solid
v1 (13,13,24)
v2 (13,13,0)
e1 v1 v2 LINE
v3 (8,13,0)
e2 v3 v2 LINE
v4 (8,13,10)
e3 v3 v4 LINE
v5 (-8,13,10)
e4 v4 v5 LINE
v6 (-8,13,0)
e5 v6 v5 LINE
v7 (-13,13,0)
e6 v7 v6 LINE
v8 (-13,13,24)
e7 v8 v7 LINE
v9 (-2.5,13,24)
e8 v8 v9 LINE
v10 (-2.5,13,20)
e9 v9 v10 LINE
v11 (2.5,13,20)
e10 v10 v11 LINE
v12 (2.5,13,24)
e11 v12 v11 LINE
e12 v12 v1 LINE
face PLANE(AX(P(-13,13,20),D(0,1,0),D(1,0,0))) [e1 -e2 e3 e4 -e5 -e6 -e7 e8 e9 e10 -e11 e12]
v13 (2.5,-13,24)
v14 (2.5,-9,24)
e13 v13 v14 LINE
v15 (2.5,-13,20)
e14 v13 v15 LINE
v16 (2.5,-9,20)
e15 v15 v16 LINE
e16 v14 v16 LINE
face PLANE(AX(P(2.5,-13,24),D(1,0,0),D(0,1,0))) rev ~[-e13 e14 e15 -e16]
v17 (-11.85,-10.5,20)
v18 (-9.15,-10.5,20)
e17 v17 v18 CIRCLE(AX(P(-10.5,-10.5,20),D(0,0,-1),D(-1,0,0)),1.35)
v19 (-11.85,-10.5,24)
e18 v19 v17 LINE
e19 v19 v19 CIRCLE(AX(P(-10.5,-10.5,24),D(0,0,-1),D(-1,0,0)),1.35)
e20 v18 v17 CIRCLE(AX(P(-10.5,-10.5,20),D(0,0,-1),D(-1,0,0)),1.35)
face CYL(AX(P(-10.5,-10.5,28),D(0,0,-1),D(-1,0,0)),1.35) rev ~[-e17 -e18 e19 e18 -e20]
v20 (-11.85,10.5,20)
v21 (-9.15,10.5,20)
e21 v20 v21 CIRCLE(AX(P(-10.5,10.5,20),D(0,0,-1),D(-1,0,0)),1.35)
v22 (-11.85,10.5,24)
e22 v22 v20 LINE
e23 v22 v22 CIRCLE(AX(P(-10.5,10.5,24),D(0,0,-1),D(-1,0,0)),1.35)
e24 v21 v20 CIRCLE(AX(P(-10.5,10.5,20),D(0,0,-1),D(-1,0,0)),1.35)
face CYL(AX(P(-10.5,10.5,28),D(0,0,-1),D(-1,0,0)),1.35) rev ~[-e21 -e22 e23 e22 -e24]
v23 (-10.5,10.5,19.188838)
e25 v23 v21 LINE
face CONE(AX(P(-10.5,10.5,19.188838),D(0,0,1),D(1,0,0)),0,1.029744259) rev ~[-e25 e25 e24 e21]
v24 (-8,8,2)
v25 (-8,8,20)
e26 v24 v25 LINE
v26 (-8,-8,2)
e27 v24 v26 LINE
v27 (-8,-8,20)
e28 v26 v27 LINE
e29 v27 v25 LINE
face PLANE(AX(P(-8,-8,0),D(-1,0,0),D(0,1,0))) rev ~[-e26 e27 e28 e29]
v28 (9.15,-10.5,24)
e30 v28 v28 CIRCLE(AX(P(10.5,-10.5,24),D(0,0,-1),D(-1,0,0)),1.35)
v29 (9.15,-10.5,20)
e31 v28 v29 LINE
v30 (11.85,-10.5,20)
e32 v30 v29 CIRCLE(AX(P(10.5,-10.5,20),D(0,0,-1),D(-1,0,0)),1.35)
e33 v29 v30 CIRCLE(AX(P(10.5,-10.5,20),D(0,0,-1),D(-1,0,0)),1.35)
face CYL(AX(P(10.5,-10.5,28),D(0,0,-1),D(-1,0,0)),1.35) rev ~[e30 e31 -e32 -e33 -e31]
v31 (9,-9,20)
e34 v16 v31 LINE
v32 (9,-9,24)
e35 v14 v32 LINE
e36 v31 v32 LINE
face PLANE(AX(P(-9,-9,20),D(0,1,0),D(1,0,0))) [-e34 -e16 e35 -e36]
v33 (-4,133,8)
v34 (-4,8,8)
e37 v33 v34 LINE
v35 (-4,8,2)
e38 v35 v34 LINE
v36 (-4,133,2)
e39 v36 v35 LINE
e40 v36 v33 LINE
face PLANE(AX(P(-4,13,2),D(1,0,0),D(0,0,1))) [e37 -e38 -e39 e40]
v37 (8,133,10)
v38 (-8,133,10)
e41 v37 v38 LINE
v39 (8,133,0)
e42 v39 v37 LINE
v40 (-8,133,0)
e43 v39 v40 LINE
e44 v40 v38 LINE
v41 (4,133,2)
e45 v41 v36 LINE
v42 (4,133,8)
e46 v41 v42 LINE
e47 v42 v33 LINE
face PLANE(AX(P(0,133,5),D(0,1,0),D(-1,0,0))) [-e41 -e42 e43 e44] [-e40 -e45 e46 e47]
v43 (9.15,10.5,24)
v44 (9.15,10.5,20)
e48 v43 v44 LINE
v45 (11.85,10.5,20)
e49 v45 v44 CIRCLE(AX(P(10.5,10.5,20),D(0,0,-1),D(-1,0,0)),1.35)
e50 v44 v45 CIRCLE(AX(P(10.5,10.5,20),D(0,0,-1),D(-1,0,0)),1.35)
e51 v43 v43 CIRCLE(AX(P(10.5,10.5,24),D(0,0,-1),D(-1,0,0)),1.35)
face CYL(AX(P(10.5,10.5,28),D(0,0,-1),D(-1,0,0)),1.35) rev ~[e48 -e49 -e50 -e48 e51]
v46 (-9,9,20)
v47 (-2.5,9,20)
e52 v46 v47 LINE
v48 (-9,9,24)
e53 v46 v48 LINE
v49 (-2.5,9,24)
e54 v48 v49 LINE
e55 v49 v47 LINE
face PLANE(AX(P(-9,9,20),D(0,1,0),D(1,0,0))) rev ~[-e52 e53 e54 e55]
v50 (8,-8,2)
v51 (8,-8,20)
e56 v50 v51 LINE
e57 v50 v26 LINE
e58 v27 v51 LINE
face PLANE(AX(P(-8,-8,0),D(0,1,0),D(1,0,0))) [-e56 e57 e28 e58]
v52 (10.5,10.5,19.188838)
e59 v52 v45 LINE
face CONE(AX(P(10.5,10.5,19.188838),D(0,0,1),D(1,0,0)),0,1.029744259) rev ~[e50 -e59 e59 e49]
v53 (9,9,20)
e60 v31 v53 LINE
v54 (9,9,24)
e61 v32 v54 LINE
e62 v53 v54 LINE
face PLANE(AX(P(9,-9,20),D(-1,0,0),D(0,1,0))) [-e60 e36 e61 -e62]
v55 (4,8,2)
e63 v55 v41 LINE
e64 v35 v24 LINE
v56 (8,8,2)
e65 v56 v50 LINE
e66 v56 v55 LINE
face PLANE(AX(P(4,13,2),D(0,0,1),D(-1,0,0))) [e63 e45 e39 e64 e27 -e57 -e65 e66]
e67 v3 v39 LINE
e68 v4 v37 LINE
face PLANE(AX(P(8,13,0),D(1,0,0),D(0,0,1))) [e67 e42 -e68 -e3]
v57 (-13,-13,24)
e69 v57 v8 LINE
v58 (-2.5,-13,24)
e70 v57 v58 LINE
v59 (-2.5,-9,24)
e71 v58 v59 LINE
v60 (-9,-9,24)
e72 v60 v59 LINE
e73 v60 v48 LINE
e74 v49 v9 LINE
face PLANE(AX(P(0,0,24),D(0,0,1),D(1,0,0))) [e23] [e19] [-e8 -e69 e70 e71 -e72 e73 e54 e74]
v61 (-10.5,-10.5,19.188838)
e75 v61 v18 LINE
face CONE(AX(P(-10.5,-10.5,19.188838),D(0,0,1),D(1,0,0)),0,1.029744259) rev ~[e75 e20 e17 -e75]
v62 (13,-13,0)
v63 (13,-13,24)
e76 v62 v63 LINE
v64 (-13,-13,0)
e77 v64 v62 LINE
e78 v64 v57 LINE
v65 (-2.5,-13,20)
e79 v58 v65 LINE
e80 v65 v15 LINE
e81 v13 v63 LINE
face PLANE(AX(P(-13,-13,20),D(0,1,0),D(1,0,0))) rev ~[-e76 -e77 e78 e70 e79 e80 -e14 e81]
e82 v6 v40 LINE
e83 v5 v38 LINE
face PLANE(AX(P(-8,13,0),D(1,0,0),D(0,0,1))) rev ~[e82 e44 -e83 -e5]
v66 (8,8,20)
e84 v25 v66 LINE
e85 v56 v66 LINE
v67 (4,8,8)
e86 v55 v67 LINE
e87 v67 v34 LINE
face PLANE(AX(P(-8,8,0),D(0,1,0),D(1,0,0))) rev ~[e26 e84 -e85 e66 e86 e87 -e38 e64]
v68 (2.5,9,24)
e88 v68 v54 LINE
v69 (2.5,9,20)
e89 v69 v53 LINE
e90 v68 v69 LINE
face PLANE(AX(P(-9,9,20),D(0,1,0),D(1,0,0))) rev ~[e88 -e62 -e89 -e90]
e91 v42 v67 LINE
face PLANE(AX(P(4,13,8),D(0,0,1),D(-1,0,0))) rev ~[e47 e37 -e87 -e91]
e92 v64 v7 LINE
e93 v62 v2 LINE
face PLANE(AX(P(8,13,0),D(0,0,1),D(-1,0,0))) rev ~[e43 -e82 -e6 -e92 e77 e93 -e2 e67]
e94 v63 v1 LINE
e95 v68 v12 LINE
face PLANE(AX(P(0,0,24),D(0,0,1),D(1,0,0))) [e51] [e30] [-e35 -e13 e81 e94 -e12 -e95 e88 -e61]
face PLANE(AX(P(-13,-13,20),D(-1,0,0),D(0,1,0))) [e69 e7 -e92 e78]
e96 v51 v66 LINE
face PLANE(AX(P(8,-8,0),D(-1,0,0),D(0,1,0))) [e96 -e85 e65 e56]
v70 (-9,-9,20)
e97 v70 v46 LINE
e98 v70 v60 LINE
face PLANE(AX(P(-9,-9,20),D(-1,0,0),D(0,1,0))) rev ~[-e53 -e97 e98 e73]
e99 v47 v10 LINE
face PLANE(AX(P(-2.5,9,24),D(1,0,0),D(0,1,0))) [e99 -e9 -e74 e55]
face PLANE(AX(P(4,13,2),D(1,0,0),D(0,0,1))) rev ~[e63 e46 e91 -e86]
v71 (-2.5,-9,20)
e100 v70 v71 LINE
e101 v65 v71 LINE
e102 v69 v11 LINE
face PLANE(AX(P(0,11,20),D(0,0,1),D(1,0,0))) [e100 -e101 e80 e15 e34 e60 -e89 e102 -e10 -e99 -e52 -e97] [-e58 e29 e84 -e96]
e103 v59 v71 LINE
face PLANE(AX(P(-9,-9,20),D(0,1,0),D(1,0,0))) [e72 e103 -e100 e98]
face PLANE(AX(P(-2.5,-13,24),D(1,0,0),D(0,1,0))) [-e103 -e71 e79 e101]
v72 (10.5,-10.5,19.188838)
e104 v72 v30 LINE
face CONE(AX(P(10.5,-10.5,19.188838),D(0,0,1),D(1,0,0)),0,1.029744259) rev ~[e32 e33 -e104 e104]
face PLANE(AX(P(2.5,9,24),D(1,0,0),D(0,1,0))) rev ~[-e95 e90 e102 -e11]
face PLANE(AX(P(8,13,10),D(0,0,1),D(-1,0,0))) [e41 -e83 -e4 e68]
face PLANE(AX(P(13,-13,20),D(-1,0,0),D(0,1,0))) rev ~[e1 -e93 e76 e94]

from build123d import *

# Parameters (mm, degrees)
F0_W      = 26
F0_H      = 26
F0_W_2    = 16
F0_H_2    = 16
F1_DEPTH  = 2
F2_DEPTH  = 20
F3_W      = 26
F3_H      = 26
F3_W_2    = 18
F3_H_2    = 18
F4_DEPTH  = 4
F5_W      = 5
F5_H      = 4
F6_DEPTH  = 4
F7_D      = 2.7
F7_DEPTH  = 4
F7_TIP    = 0.8111618357
F9_W      = 8
F9_H      = 6
F10_DEPTH = 10.28
F9_W_2    = 16
F9_H_2    = 10
F11_DEPTH = 120


with BuildPart() as f1:
    # F0 (on Top) → F1 (new body)
    with BuildSketch(Plane.XY):
        Rectangle(F0_W, F0_H)
        Rectangle(F0_W_2, F0_H_2, mode=Mode.SUBTRACT)
        Rectangle(F0_W_2, F0_H_2)
    extrude(amount=F1_DEPTH)

    # F0 (on Top) → F2 (join)
    with BuildSketch(Plane.XY):
        Rectangle(F0_W, F0_H)
        Rectangle(F0_W_2, F0_H_2, mode=Mode.SUBTRACT)
    extrude(amount=F2_DEPTH)

    # F3 (on face) → F4 (join)
    with BuildSketch(Plane.XY.offset(20)):
        Rectangle(F3_W, F3_H)
        Rectangle(F3_W_2, F3_H_2, mode=Mode.SUBTRACT)
    extrude(amount=F4_DEPTH)

    # F5 (on face) → F6 (cut, through all)
    with BuildSketch(Plane.XY.offset(24)):
        with Locations((0, -11)):
            Rectangle(F5_W, F5_H)
        with Locations((0, 11)):
            Rectangle(F5_W, F5_H)
    extrude(amount=-F6_DEPTH, mode=Mode.SUBTRACT)

    # F7
    with Locations(Plane.XY.offset(24)):
        with Locations((-10.5, 10.5), (10.5, 10.5), (-10.5, -10.5), (10.5, -10.5)):
            Hole(F7_D / 2, depth=F7_DEPTH)
            with Locations((0, 0, -(F7_DEPTH + F7_TIP / 2))):  # 118° drill point
                Cone(0, F7_D / 2, F7_TIP, mode=Mode.SUBTRACT)

    # F9 (on face) → F10 (cut)
    with BuildSketch(Plane(origin=(0, 13, 0), x_dir=(-1, 0, 0), z_dir=(0, 1, 0))):
        with Locations((0, 5)):
            Rectangle(F9_W, F9_H)
    extrude(amount=-F10_DEPTH, mode=Mode.SUBTRACT)

    # F9 (on face) → F11 (join)
    with BuildSketch(Plane(origin=(0, 13, 0), x_dir=(-1, 0, 0), z_dir=(0, 1, 0))):
        with Locations((0, 5)):
            Rectangle(F9_W_2, F9_H_2)
        with Locations((0, 5)):
            Rectangle(F9_W, F9_H, mode=Mode.SUBTRACT)
    extrude(amount=F11_DEPTH)


solid = f1.part
